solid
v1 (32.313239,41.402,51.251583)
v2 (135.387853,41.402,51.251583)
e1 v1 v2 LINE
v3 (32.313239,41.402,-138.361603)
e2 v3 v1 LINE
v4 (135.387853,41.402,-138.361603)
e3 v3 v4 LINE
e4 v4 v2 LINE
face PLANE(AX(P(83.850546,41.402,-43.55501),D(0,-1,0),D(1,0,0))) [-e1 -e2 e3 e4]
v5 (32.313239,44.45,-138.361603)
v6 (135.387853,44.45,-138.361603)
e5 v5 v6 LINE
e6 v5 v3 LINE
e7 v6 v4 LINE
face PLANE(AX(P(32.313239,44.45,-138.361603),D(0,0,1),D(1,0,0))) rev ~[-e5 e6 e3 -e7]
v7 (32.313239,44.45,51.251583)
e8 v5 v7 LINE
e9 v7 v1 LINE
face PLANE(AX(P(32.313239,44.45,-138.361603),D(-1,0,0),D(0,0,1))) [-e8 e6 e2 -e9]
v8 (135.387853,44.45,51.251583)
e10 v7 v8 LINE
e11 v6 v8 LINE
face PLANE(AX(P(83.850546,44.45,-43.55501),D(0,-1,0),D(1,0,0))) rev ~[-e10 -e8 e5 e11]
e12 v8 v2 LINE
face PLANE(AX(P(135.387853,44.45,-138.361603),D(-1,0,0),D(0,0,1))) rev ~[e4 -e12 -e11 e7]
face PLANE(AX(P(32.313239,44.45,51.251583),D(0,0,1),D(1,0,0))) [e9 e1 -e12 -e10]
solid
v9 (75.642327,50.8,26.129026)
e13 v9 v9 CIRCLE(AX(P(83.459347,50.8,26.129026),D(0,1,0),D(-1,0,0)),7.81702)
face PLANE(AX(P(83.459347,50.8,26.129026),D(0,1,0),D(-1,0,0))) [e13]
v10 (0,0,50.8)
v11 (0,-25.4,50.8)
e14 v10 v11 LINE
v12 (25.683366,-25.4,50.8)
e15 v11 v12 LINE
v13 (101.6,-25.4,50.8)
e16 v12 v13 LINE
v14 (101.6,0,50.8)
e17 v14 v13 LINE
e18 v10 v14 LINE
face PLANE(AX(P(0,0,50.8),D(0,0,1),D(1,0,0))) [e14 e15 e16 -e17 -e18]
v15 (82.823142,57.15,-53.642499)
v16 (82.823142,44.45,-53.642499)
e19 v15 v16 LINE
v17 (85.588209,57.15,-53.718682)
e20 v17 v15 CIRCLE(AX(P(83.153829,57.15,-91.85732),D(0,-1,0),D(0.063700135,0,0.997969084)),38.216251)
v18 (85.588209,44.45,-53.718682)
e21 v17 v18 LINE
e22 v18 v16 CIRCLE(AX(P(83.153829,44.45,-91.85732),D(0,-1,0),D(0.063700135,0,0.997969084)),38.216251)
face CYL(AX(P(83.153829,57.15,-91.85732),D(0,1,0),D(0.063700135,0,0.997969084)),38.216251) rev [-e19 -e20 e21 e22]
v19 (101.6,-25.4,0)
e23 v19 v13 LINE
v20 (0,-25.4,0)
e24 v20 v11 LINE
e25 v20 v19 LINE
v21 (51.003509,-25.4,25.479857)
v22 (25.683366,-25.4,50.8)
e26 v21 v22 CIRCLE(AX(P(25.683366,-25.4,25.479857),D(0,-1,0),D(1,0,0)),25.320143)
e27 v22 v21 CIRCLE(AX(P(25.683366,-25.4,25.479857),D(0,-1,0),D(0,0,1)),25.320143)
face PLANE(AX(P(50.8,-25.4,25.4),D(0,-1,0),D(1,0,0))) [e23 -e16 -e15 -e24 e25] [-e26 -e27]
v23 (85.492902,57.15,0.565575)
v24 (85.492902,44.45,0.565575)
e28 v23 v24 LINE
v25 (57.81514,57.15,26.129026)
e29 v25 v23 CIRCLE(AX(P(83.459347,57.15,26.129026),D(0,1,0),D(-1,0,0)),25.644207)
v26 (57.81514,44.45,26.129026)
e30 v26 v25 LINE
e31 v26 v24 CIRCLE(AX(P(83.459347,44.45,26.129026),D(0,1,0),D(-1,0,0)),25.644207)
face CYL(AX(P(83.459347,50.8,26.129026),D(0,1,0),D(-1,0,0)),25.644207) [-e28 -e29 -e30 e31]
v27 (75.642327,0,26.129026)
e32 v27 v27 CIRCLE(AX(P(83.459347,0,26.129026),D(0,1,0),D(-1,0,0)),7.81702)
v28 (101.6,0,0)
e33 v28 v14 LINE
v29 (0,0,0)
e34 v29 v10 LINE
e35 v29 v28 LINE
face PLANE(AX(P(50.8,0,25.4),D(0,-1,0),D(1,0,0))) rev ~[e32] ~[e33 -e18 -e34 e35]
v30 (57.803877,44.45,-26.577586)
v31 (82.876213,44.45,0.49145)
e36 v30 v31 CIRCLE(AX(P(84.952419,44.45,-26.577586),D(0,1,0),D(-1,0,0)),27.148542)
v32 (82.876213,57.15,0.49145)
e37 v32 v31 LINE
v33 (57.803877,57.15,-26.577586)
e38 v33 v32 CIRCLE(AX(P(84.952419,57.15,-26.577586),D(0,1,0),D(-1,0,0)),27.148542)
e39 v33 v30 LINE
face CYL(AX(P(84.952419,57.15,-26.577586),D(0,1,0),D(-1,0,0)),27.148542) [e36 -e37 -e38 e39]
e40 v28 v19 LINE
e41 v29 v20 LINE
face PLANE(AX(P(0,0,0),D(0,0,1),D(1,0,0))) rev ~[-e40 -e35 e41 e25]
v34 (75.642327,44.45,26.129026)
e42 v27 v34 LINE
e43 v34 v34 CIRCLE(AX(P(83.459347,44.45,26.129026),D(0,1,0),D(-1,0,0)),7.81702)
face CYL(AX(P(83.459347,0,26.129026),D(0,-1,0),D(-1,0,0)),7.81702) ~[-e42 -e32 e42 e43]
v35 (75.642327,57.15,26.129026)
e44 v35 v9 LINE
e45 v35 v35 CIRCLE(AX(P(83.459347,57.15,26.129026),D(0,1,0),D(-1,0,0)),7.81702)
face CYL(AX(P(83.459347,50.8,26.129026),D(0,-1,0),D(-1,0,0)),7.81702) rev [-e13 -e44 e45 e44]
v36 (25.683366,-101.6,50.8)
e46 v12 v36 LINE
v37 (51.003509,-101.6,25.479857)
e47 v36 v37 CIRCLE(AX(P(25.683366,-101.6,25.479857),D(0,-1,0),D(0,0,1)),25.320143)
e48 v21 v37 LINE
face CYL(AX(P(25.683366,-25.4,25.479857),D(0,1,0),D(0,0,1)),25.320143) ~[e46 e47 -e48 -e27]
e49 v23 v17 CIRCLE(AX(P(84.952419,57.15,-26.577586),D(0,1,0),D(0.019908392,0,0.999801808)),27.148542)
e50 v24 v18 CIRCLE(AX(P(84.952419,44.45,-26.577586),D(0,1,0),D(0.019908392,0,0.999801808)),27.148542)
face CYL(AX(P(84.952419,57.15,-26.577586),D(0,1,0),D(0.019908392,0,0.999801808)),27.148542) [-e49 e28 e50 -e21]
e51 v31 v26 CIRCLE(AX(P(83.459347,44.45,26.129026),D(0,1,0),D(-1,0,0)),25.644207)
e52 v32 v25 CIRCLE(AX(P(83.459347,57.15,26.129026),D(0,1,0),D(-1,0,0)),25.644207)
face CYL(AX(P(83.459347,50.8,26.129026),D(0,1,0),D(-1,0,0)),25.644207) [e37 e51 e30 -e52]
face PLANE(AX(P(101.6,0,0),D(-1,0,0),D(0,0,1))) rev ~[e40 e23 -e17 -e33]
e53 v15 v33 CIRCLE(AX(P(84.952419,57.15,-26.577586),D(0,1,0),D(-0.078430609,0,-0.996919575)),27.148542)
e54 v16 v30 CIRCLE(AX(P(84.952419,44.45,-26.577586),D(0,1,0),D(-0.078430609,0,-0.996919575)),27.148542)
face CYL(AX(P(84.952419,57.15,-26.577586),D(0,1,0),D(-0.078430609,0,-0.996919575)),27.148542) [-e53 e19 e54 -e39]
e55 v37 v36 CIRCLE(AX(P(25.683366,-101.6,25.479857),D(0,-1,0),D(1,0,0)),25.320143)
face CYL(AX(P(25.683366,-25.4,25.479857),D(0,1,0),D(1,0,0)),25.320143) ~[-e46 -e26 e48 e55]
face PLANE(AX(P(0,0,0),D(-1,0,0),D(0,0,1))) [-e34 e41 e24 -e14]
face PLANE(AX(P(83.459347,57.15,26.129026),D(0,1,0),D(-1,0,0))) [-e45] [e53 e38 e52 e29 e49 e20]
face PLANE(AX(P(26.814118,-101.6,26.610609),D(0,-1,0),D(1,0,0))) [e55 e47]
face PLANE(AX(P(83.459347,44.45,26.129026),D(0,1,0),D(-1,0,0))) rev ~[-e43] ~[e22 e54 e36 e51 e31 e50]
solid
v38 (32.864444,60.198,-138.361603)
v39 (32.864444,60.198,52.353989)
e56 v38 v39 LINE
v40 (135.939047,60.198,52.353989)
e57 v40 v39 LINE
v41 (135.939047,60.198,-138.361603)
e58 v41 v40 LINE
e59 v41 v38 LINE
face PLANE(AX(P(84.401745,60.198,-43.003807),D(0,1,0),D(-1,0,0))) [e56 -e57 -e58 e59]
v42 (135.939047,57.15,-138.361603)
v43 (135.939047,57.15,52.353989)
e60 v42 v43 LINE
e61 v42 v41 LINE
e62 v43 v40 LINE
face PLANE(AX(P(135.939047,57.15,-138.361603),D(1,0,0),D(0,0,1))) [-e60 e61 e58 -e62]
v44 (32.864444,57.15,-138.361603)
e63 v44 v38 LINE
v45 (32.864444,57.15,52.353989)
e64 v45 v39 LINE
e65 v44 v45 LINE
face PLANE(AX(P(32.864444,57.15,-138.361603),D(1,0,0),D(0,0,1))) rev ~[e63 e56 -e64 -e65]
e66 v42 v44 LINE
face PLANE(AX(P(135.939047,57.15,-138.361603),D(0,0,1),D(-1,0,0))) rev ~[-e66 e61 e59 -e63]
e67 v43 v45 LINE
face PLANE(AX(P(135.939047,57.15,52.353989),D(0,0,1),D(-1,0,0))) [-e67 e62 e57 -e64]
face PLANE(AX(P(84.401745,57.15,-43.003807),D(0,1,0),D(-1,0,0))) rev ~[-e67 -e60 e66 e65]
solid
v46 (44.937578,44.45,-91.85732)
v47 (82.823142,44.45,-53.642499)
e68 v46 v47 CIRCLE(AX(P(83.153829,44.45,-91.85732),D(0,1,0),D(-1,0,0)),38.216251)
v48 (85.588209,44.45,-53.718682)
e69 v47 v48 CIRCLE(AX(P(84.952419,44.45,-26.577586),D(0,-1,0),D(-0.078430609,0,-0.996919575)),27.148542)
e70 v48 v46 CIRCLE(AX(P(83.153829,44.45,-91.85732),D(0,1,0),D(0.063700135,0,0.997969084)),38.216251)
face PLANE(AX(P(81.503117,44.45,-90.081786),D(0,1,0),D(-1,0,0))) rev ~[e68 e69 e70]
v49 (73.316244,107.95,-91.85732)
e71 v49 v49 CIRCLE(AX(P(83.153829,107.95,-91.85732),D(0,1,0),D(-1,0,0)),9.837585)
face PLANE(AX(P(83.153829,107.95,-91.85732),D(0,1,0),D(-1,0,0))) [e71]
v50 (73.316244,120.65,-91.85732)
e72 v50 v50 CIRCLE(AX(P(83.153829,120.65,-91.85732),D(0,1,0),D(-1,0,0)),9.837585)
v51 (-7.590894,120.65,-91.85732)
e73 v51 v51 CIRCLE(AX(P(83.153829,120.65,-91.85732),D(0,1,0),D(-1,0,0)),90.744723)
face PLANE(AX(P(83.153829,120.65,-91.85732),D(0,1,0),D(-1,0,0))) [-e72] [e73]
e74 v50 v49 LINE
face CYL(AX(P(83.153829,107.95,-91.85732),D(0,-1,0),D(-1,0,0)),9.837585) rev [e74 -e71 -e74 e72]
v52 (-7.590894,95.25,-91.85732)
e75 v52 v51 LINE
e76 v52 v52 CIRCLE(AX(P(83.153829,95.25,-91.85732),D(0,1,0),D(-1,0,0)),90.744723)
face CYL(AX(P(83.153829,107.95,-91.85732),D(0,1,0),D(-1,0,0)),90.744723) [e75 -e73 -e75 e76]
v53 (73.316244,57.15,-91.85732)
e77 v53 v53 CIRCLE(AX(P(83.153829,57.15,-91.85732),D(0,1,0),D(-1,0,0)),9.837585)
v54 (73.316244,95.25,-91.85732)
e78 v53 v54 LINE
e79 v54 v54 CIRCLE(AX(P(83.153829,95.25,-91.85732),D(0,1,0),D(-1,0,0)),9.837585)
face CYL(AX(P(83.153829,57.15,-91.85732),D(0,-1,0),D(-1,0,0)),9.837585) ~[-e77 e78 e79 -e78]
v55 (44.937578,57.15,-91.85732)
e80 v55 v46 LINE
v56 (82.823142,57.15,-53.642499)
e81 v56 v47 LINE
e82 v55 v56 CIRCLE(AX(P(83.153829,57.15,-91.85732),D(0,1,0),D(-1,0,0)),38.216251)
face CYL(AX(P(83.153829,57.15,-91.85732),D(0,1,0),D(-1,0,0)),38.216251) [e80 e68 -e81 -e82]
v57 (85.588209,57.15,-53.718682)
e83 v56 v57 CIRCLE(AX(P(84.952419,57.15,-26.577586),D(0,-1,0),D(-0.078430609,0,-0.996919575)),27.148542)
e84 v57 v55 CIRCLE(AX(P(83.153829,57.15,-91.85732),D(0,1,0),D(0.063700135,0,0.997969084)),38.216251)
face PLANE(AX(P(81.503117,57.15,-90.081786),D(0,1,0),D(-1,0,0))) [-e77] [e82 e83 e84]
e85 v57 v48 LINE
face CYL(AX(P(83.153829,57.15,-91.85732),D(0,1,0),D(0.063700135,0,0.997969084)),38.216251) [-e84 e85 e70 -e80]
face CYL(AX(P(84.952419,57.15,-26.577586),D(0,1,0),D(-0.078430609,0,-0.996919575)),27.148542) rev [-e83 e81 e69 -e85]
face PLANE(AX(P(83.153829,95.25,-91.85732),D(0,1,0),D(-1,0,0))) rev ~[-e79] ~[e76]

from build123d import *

# Parameters (mm, degrees)
F0_W      = 101.6
F0_H      = 50.8
F1_DEPTH  = 25.4
F3_DEPTH  = 76.2
F4_R      = 7.8170204451
F5_DEPTH  = 50.8
F6_R      = 25.644207128
F6_R_2    = 7.8170204451
F7_DEPTH  = 6.35
F9_DEPTH  = 12.7
F10_R     = 9.8375849935
F11_DEPTH = 50.8
F12_R     = 90.7447229993
F12_R_2   = 9.8375849935
F13_DEPTH = 12.7
F14_W     = 103.0746027827
F14_H     = 190.7155923545
F14_R     = 7.8170204451
F15_DEPTH = 3.048
F16_W     = 103.0746139586
F16_H     = 189.613185823
F17_DEPTH = 3.048


with BuildPart() as f1:
    # F0 (on Front) → F1 (new body)
    with BuildSketch(Plane.XZ):
        with Locations((50.8, 25.4)):
            Rectangle(F0_W, F0_H)
    extrude(amount=F1_DEPTH)

    # F2 (on face) → F3 (join)
    with BuildSketch(Plane.XZ.offset(25.4)):
        with BuildLine():
            ThreePointArc((25.6833657622, 50.8), (7.7793208604, 7.5758119767), (51.0035088837, 25.4798568785))
            ThreePointArc((51.0035088837, 25.4798568785), (43.587410664, 43.3839017803), (25.6833657622, 50.8))
        make_face()
    extrude(amount=F3_DEPTH)

    # F4 (on face) → F5 (join)
    with BuildSketch(Plane(origin=(0, 0, 0), x_dir=(-1, 0, 0), z_dir=(0, 1, 0))):
        with Locations((-83.4593474865, 26.1290259659)):
            Circle(F4_R)
    extrude(amount=F5_DEPTH)

    # F6 (on face) → F7 (join, symmetric)
    with BuildSketch(Plane(origin=(0, 50.8, 0), x_dir=(-1, 0, 0), z_dir=(0, 1, 0))):
        with Locations((-83.4593474865, 26.1290259659)):
            Circle(F6_R)
        with Locations((-83.4593474865, 26.1290259659)):
            Circle(F6_R_2, mode=Mode.SUBTRACT)
    extrude(amount=F7_DEPTH, both=True)

    # F8 (on face) → F9 (join)
    with BuildSketch(Plane(origin=(0, 57.15, 0), x_dir=(-1, 0, 0), z_dir=(0, 1, 0))):
        with BuildLine():
            ThreePointArc((-82.8231419789, -53.6424991385), (-65.0168964585, -45.0063215529), (-57.8038766465, -26.5775861645))
            ThreePointArc((-57.8038766465, -26.5775861645), (-65.0349730844, -8.1293153727), (-82.8762134984, 0.4914497549))
            ThreePointArc((-82.8762134984, 0.4914497549), (-84.1855044396, 0.4951020505), (-85.4929024808, 0.5655752343))
            ThreePointArc((-85.4929024808, 0.5655752343), (-112.1009188319, -26.5299215531), (-85.588209331, -53.7186823785))
            ThreePointArc((-85.588209331, -53.7186823785), (-84.2063651548, -53.6555653942), (-82.8231419789, -53.6424991385))
        make_face()
    extrude(amount=-F9_DEPTH)

    # F8 (on face) → F9, piece 2 (join)
    with BuildSketch(Plane(origin=(0, 57.15, 0), x_dir=(-1, 0, 0), z_dir=(0, 1, 0))):
        with BuildLine():
            ThreePointArc((-44.9375776675, -91.8573196977), (-56.0141948455, -64.9515187732), (-82.8231419789, -53.6424991385))
            ThreePointArc((-82.8231419789, -53.6424991385), (-84.2047047528, -53.7158296115), (-85.588209331, -53.7186823785))
            ThreePointArc((-85.588209331, -53.7186823785), (-109.3019548476, -119.7276870761), (-44.9375776675, -91.8573196977))
        make_face()
    extrude(amount=-F9_DEPTH)

    # F10 (on face) → F11 (join)
    with BuildSketch(Plane(origin=(0, 57.15, 0), x_dir=(-1, 0, 0), z_dir=(0, 1, 0))):
        with Locations((-83.1538289785, -91.8573196977)):
            Circle(F10_R)
    extrude(amount=F11_DEPTH)

    # F12 (on face) → F13 (join, symmetric)
    with BuildSketch(Plane(origin=(0, 107.95, 0), x_dir=(-1, 0, 0), z_dir=(0, 1, 0))):
        with Locations((-83.1538289785, -91.8573196977)):
            Circle(F12_R)
        with Locations((-83.1538289785, -91.8573196977)):
            Circle(F12_R_2, mode=Mode.SUBTRACT)
    extrude(amount=F13_DEPTH, both=True)


with BuildPart() as f15:
    # F14 (on face) → F15 (new body)
    with BuildSketch(Plane(origin=(0, 57.15, 0), x_dir=(-1, 0, 0), z_dir=(0, 1, 0))):
        with Locations((-84.4017453492, -43.0038068444)):
            Rectangle(F14_W, F14_H)
        with BuildLine():
            ThreePointArc((-85.4929024808, 0.5655752343), (-100.8587218107, 44.9674742129), (-57.8151403585, 26.1290259659))
            ThreePointArc((-57.8151403585, 26.1290259659), (-65.1211446302, 8.2031877645), (-82.8762134984, 0.4914497549))
            ThreePointArc((-82.8762134984, 0.4914497549), (-57.8038896932, -26.5509704508), (-82.8231419789, -53.6424991385))
            ThreePointArc((-82.8231419789, -53.6424991385), (-84.2063651548, -53.6555653942), (-85.588209331, -53.7186823785))
            ThreePointArc((-85.588209331, -53.7186823785), (-112.1009188319, -26.5299215531), (-85.4929024808, 0.5655752343))
        make_face(mode=Mode.SUBTRACT)
        with BuildLine():
            ThreePointArc((-82.8762134984, 0.4914497549), (-65.1211446302, 8.2031877645), (-57.8151403585, 26.1290259659))
            ThreePointArc((-57.8151403585, 26.1290259659), (-100.8587218107, 44.9674742129), (-85.4929024808, 0.5655752343))
            ThreePointArc((-85.4929024808, 0.5655752343), (-112.1009188319, -26.5299215531), (-85.588209331, -53.7186823785))
            ThreePointArc((-85.588209331, -53.7186823785), (-84.2063651548, -53.6555653942), (-82.8231419789, -53.6424991385))
            ThreePointArc((-82.8231419789, -53.6424991385), (-57.8038896932, -26.5509704508), (-82.8762134984, 0.4914497549))
        make_face()
        with Locations((-83.4593474865, 26.1290259659)):
            Circle(F14_R, mode=Mode.SUBTRACT)
        with Locations((-83.4593474865, 26.1290259659)):
            Circle(F14_R)
    extrude(amount=F15_DEPTH)


with BuildPart() as f17:
    # F16 (on face) → F17 (new body)
    with BuildSketch(Plane.XZ.offset(-44.45)):
        with Locations((83.8505458087, -43.5550101101)):
            Rectangle(F16_W, F16_H)
        with BuildLine():
            ThreePointArc((44.9375776675, -91.8573196977), (56.0141948455, -64.9515187732), (82.8231419789, -53.6424991385))
            ThreePointArc((82.8231419789, -53.6424991385), (84.2047047528, -53.7158296115), (85.588209331, -53.7186823785))
            ThreePointArc((85.588209331, -53.7186823785), (109.3019548476, -119.7276870761), (44.9375776675, -91.8573196977))
        make_face(mode=Mode.SUBTRACT)
        with BuildLine():
            ThreePointArc((85.588209331, -53.7186823785), (84.2047047528, -53.7158296115), (82.8231419789, -53.6424991385))
            ThreePointArc((82.8231419789, -53.6424991385), (56.0141948455, -64.9515187732), (44.9375776675, -91.8573196977))
            ThreePointArc((44.9375776675, -91.8573196977), (109.3019548476, -119.7276870761), (85.588209331, -53.7186823785))
        make_face()
    extrude(amount=F17_DEPTH)


solid = Compound([f1.part, f15.part, f17.part])
